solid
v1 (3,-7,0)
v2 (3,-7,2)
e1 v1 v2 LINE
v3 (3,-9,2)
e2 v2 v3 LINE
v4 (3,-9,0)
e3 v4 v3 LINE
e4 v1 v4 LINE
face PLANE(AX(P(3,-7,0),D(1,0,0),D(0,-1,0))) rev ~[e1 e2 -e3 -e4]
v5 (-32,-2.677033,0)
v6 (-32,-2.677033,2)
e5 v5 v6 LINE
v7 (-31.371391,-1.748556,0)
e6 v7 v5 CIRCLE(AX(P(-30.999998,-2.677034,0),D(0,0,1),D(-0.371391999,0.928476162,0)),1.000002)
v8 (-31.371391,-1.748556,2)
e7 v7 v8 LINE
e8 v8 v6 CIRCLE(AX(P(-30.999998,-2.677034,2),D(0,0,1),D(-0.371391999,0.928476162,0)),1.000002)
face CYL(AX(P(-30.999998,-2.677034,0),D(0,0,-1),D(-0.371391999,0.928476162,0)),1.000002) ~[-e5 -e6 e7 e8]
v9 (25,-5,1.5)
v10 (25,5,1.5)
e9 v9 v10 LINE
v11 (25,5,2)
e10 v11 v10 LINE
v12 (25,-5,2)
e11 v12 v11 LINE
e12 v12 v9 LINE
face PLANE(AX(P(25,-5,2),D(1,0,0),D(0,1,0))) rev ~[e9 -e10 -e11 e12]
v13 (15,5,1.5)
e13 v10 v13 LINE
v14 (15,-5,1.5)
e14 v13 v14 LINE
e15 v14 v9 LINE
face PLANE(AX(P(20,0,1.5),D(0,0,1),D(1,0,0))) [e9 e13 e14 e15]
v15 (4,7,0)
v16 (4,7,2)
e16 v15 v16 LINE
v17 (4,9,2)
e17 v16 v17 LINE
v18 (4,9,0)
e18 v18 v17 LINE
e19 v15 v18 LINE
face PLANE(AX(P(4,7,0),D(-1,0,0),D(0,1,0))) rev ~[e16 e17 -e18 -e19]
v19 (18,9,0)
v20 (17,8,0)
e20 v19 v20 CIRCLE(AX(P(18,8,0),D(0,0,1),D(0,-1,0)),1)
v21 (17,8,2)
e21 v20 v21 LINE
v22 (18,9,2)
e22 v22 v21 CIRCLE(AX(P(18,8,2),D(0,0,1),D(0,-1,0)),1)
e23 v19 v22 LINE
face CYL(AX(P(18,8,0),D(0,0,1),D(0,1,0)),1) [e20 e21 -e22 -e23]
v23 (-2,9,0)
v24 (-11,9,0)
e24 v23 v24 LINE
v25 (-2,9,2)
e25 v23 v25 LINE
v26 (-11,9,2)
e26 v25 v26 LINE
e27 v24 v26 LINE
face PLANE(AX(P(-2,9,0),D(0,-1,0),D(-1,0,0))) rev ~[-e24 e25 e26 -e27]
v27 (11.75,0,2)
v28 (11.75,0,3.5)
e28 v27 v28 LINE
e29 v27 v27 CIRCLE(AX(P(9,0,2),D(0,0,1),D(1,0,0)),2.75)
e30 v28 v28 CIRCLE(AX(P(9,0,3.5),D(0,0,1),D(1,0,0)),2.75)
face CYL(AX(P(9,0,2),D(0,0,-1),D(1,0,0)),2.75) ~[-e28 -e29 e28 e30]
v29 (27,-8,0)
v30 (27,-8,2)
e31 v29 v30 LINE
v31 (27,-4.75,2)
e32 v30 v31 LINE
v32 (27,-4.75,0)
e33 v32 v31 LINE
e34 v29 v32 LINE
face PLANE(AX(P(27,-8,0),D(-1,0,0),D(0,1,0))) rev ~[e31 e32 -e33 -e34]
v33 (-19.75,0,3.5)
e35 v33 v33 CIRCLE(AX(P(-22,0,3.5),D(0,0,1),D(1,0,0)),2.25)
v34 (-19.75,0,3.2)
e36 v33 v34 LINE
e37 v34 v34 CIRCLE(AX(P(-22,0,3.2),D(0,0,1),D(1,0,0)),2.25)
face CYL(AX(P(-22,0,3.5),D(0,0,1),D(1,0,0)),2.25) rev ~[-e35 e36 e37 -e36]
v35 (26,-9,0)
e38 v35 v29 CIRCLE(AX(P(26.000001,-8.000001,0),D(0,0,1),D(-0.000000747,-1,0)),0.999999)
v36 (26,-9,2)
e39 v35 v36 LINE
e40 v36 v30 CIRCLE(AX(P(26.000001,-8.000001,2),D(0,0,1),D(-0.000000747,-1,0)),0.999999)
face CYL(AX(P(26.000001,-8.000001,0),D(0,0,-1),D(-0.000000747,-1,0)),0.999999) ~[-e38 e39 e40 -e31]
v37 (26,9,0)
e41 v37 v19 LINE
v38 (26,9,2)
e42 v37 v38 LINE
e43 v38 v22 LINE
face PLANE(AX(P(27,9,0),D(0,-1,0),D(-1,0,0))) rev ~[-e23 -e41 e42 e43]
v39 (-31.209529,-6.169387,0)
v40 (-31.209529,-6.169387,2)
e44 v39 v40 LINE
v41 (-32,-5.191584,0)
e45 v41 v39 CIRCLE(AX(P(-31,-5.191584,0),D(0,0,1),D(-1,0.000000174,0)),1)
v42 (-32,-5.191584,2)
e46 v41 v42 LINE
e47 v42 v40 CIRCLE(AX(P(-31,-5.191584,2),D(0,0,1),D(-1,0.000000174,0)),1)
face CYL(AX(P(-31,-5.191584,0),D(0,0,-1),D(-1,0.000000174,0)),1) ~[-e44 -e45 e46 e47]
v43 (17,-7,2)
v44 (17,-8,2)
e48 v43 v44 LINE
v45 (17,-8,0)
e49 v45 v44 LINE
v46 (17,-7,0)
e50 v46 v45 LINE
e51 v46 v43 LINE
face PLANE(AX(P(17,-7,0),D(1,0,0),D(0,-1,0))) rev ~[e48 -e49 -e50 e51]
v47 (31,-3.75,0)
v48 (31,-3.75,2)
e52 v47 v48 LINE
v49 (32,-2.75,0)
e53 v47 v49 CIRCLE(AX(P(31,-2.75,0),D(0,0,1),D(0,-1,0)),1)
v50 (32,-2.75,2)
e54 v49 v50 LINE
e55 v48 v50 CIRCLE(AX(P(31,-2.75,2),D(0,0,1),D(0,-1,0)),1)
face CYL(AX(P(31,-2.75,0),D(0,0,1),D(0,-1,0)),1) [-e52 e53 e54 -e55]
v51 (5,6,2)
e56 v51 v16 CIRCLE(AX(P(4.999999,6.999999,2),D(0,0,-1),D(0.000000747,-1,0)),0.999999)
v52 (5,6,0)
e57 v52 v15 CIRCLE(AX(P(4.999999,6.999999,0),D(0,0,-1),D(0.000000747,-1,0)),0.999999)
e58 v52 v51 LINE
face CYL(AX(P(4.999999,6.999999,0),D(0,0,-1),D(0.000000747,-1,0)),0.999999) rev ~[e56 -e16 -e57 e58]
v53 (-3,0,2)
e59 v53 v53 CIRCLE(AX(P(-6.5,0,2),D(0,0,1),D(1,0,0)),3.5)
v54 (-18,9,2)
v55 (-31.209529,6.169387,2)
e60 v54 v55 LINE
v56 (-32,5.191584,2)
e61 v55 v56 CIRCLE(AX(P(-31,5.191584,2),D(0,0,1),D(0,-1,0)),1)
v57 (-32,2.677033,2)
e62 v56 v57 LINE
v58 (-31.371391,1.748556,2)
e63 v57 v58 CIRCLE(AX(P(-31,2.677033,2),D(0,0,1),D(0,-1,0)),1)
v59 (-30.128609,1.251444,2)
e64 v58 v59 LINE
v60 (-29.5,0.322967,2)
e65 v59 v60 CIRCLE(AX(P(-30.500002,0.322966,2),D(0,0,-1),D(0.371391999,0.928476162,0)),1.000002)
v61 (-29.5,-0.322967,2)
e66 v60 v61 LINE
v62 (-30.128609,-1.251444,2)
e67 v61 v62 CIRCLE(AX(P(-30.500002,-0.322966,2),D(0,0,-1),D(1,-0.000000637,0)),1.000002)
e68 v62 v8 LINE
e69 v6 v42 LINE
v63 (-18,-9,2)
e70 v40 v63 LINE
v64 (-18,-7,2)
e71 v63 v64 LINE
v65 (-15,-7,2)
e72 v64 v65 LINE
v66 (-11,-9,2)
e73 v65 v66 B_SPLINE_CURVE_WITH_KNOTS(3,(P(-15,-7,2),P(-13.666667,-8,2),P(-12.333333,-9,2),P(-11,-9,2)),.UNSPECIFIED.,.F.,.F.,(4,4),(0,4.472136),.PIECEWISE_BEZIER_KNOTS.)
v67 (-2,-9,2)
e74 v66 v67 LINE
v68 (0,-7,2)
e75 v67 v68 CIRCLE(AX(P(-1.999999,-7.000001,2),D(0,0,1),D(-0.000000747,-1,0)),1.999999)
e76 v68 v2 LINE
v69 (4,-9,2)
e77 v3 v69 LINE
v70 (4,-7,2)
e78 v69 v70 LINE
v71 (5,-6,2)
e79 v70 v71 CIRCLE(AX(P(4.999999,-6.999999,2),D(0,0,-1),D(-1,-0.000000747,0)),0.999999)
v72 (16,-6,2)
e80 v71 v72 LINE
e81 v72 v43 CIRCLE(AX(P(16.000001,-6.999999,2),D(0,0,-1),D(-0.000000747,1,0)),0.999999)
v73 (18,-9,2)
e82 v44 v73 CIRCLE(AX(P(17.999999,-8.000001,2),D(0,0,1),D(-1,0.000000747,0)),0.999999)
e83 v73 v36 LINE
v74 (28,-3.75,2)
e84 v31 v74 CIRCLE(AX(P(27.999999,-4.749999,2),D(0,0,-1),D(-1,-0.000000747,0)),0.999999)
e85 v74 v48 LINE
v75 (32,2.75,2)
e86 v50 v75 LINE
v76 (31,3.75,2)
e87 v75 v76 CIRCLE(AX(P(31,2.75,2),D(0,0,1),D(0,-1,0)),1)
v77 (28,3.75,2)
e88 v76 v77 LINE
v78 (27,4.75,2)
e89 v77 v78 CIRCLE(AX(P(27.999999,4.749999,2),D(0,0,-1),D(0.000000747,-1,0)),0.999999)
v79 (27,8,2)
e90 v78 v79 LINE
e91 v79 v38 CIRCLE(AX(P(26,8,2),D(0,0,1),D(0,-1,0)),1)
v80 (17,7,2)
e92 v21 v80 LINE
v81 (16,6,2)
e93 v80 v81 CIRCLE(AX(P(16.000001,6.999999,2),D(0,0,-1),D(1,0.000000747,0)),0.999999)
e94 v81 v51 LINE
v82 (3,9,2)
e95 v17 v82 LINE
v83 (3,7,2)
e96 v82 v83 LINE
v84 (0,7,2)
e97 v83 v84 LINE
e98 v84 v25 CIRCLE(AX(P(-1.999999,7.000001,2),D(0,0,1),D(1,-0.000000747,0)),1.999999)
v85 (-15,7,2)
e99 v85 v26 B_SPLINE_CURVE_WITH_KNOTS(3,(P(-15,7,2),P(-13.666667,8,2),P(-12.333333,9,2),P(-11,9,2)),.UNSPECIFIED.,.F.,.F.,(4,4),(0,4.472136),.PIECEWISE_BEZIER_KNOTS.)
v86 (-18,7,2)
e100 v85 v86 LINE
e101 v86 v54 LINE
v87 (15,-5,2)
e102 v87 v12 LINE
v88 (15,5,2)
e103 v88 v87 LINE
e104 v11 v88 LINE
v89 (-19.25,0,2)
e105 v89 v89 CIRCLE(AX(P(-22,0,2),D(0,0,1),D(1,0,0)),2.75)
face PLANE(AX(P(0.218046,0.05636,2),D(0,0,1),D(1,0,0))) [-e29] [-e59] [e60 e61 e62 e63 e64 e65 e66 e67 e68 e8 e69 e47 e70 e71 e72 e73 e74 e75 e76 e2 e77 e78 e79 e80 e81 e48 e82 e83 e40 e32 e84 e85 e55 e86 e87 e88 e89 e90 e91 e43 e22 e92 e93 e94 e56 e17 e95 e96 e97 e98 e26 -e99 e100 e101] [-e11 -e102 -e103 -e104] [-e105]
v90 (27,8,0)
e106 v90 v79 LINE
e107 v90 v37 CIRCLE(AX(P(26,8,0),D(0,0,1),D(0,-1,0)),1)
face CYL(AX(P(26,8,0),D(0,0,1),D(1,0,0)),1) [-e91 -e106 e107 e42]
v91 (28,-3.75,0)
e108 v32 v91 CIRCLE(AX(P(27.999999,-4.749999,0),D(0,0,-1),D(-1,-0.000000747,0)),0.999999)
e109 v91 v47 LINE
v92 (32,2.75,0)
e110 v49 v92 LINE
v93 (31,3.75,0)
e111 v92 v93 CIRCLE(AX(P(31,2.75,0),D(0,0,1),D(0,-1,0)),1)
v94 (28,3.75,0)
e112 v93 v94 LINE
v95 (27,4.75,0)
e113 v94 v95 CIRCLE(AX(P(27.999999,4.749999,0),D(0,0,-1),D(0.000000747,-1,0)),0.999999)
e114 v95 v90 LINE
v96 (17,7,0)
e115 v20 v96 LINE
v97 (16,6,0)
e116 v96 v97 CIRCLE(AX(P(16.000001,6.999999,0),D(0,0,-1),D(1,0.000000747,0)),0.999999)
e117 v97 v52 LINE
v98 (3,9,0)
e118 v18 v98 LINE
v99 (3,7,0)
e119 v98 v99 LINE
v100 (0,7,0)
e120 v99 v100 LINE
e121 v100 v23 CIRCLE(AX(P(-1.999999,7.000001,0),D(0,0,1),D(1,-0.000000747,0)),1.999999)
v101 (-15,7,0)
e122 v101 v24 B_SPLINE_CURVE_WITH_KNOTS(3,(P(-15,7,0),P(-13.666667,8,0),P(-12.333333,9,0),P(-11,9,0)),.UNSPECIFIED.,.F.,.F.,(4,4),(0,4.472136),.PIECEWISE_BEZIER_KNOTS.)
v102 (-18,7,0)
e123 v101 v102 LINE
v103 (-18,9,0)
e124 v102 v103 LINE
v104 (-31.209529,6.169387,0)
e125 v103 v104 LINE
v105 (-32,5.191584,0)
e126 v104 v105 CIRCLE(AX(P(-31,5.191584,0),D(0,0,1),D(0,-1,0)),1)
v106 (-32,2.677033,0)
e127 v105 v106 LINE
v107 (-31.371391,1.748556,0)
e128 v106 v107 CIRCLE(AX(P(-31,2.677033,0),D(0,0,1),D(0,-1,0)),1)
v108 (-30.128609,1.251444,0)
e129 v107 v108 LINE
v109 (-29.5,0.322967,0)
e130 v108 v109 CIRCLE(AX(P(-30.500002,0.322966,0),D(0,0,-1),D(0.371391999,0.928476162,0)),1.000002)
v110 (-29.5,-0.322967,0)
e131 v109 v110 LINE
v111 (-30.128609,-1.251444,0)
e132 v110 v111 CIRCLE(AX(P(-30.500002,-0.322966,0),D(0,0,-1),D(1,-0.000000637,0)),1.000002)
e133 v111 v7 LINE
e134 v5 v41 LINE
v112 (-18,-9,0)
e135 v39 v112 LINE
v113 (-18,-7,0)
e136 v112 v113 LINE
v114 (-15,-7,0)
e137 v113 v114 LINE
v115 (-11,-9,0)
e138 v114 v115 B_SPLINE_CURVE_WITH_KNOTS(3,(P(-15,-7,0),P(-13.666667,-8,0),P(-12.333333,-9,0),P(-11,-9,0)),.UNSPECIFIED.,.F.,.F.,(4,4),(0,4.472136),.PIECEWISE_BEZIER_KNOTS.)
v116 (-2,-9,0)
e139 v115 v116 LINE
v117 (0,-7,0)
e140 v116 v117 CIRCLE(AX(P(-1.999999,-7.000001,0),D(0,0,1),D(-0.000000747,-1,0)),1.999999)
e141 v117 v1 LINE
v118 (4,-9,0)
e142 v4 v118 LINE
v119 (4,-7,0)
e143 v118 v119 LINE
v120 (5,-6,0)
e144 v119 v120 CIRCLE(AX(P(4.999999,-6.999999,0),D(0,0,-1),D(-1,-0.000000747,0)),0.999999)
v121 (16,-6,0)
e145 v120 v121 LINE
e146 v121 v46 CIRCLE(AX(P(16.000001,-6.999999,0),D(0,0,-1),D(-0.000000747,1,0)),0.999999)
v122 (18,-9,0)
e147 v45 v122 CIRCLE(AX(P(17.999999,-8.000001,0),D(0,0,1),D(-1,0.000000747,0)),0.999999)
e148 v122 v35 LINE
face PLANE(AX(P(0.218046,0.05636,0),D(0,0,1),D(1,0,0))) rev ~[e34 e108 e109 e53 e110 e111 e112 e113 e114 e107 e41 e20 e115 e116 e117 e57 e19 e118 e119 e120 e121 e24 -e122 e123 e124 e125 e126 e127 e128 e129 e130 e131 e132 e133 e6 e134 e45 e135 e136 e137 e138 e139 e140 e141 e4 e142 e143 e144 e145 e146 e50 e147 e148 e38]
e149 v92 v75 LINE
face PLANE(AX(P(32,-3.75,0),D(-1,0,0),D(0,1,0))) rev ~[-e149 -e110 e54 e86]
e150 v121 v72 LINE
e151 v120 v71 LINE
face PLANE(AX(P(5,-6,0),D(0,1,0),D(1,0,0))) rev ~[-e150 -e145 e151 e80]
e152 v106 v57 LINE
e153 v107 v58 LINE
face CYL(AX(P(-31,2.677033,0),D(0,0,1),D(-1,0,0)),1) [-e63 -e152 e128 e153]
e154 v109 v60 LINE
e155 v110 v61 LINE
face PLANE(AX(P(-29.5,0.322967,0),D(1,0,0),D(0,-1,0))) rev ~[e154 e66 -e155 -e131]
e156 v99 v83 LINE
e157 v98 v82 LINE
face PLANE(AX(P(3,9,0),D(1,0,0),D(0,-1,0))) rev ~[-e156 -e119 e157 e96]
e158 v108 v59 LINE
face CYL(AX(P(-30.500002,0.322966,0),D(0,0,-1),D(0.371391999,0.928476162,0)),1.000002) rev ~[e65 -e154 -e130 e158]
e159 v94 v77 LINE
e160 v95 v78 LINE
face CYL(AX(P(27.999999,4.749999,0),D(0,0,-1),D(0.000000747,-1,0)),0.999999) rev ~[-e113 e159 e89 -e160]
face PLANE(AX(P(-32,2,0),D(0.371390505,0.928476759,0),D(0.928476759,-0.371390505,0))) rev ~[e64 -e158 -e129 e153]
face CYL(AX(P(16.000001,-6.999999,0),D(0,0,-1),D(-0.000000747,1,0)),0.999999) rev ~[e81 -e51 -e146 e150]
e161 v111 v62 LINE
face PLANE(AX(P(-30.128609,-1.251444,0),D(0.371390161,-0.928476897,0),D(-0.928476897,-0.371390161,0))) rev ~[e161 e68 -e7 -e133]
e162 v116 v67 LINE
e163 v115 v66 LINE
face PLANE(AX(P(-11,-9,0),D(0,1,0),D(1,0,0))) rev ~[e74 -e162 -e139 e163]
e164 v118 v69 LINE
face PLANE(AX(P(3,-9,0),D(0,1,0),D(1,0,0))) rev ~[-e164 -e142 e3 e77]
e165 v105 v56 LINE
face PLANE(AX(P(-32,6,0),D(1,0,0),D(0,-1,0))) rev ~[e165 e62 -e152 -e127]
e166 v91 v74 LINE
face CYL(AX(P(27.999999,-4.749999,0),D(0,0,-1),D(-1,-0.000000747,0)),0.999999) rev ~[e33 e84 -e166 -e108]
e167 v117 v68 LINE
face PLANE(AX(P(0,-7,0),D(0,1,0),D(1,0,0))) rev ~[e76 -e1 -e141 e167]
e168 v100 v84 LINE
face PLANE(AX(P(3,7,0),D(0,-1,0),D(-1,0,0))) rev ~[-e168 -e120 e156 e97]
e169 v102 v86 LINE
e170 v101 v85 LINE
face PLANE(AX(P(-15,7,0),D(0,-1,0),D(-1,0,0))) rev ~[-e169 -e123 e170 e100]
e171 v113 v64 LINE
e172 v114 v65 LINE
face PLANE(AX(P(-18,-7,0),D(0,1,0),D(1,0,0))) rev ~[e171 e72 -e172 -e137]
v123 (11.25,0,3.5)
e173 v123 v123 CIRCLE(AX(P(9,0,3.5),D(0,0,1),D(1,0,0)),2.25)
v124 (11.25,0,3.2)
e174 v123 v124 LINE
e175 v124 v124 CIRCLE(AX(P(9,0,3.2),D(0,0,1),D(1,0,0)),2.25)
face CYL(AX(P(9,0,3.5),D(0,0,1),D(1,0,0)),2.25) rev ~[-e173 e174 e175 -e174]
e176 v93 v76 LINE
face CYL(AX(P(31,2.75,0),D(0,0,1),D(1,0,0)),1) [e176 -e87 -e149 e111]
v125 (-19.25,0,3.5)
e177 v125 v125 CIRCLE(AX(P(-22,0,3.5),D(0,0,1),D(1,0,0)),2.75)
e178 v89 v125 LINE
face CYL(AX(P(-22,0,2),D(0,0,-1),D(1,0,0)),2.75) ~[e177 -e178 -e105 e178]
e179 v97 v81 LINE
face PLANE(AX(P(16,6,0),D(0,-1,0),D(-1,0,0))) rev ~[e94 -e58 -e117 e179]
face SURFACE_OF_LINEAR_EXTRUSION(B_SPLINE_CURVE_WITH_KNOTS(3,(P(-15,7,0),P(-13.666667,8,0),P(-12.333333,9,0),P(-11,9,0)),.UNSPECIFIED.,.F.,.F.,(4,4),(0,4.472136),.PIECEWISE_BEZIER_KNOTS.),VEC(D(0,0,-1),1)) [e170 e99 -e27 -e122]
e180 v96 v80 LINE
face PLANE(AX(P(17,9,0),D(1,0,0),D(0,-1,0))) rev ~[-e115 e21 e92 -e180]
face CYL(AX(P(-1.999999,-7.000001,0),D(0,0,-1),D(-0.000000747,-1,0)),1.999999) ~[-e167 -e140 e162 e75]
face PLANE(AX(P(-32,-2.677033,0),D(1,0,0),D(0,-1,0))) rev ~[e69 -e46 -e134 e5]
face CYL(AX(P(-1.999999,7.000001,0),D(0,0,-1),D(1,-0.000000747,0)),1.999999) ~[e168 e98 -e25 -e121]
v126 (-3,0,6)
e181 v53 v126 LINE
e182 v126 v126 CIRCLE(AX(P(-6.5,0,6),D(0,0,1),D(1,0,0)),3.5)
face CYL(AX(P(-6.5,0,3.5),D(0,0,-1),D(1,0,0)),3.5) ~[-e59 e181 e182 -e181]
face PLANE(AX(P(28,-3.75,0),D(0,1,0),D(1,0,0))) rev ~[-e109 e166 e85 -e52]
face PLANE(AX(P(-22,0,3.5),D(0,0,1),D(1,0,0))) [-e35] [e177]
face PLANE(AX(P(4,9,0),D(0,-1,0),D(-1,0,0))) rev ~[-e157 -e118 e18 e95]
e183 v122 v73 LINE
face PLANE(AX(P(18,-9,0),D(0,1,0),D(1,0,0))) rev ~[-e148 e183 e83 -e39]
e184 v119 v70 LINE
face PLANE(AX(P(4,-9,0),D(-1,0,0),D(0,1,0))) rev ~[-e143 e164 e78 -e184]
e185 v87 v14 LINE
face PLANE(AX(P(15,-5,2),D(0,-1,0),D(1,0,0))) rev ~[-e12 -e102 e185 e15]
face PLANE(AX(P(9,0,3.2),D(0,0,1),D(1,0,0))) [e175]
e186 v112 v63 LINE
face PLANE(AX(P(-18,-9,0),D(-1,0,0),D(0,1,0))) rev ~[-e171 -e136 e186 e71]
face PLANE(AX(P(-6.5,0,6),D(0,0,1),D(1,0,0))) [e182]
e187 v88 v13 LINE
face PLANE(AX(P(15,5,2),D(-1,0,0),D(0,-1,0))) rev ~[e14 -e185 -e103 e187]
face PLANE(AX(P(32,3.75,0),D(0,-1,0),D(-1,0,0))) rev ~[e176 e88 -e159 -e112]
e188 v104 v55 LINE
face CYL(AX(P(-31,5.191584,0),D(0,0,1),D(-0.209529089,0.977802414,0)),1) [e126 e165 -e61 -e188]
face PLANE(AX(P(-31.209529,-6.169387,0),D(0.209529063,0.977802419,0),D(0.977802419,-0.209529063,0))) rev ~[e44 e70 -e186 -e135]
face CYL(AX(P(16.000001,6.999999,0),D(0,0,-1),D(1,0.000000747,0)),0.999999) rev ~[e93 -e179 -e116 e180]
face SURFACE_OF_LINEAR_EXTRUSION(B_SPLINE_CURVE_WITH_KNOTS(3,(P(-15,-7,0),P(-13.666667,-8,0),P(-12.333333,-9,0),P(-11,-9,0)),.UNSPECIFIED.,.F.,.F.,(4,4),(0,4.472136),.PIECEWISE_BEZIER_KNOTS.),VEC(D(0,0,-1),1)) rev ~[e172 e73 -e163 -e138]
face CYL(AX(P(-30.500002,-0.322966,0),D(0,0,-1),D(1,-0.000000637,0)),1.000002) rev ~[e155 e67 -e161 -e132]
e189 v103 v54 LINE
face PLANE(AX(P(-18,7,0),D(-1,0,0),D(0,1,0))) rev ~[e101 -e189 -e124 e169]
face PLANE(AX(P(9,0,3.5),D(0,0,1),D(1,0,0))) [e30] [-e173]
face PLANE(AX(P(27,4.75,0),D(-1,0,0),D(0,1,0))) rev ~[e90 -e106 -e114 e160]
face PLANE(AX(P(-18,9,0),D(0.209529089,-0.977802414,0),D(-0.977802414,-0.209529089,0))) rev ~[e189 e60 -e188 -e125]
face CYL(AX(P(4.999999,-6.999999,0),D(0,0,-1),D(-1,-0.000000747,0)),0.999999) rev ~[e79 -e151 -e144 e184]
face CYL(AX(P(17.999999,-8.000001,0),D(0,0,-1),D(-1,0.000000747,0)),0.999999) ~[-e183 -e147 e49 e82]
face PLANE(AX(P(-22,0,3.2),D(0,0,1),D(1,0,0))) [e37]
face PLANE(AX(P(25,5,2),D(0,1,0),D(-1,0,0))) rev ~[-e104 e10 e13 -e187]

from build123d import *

# Parameters (mm, degrees)
F1_DEPTH  = 2
F2_R      = 1
F4_DEPTH  = 0.5
F5_R      = 2.75
F6_DEPTH  = 1.5
F7_R      = 2.25
F8_DEPTH  = 0.3
F9_R      = 3.5
F10_DEPTH = 2.5


with BuildPart() as f1:
    # F0 (on Top) → F1 (new body)
    with BuildSketch(Plane.XY):
        with BuildLine():
            Line((27, 4.75), (27, 9))
            Line((27, 9), (17, 9))
            Line((17, 9), (17, 7))
            ThreePointArc((17, 7), (16.707107, 6.292893), (16, 6))
            Line((16, 6), (5, 6))
            ThreePointArc((5, 6), (4.292893, 6.292893), (4, 7))
            Line((4, 7), (4, 9))
            Line((4, 9), (3, 9))
            Line((3, 9), (3, 7))
            Line((3, 7), (0, 7))
            ThreePointArc((0, 7), (-0.585786, 8.414214), (-2, 9))
            Line((-2, 9), (-11, 9))
            add(Edge.make_bspline(
                [(-15, 7), (-13.666667, 8), (-12.333333, 9), (-11, 9)],
                knots=[0, 0, 0, 0, 4.472136, 4.472136, 4.472136, 4.472136], degree=3))
            Line((-15, 7), (-18, 7))
            Line((-18, 7), (-18, 9))
            Line((-18, 9), (-32, 6))
            Line((-32, 6), (-32, 2))
            Line((-32, 2), (-30.128609, 1.251444))
            ThreePointArc((-30.128609, 1.251444), (-29.671933, 0.883596), (-29.5, 0.322967))
            Line((-29.5, 0.322967), (-29.5, 0))
            Line((-29.5, 0), (-29.5, -0.322967))
            ThreePointArc((-29.5, -0.322967), (-29.671933, -0.883596), (-30.128609, -1.251444))
            Line((-30.128609, -1.251444), (-31.371391, -1.748556))
            ThreePointArc((-31.371391, -1.748556), (-31.828067, -2.116404), (-32, -2.677033))
            Line((-32, -2.677033), (-32, -5.191584))
            ThreePointArc((-32, -5.191584), (-31.777666, -5.820262), (-31.209529, -6.169387))
            Line((-31.209529, -6.169387), (-18, -9))
            Line((-18, -9), (-18, -7))
            Line((-18, -7), (-15, -7))
            add(Edge.make_bspline(
                [(-15, -7), (-13.666667, -8), (-12.333333, -9), (-11, -9)],
                knots=[0, 0, 0, 0, 4.472136, 4.472136, 4.472136, 4.472136], degree=3))
            Line((-11, -9), (-2, -9))
            ThreePointArc((-2, -9), (-0.585786, -8.414214), (0, -7))
            Line((0, -7), (3, -7))
            Line((3, -7), (3, -9))
            Line((3, -9), (4, -9))
            Line((4, -9), (4, -7))
            ThreePointArc((4, -7), (4.292893, -6.292893), (5, -6))
            Line((5, -6), (16, -6))
            ThreePointArc((16, -6), (16.707107, -6.292893), (17, -7))
            Line((17, -7), (17, -8))
            ThreePointArc((17, -8), (17.292893, -8.707107), (18, -9))
            Line((18, -9), (26, -9))
            ThreePointArc((26, -9), (26.707107, -8.707107), (27, -8))
            Line((27, -8), (27, -4.75))
            ThreePointArc((27, -4.75), (27.292893, -4.042893), (28, -3.75))
            Line((28, -3.75), (32, -3.75))
            Line((32, -3.75), (32, 0))
            Line((32, 0), (32, 3.75))
            Line((32, 3.75), (28, 3.75))
            ThreePointArc((28, 3.75), (27.292893, 4.042893), (27, 4.75))
        make_face()
    extrude(amount=F1_DEPTH)

    # F2
    f2_edges = [f1.edges().sort_by_distance(p)[0] for p in [
        (-32, 2, 1),
        (-32, 6, 1),
        (27, 9, 1),
        (17, 9, 1),
        (32, -3.75, 1),
        (32, 3.75, 1),
    ]]
    fillet(f2_edges, radius=F2_R)

    # F3 (on face) → F4 (cut)
    with BuildSketch(Plane.XY.offset(2)):
        Polygon((25, -5), (25, 0), (25, 5), (15, 5), (15, -5), align=None)
    extrude(amount=-F4_DEPTH, mode=Mode.SUBTRACT)

    # F5 (on face) → F6 (join)
    with BuildSketch(Plane.XY.offset(2)):
        with BuildLine():
            ThreePointArc((6.25, 0), (9, -2.75), (11.75, 0))
            ThreePointArc((11.75, 0), (9, 2.75), (6.25, 0))
        make_face()
        with Locations((-22, 0)):
            Circle(F5_R)
        with BuildLine():
            ThreePointArc((-10, 0), (-6.5, -3.5), (-3, 0))
            ThreePointArc((-3, 0), (-6.5, 3.5), (-10, 0))
        make_face()
    extrude(amount=F6_DEPTH)

    # F7 (on face) → F8 (cut)
    with BuildSketch(Plane.XY.offset(3.5)):
        with Locations((9, 0)):
            Circle(F7_R)
        with Locations((-22, 0)):
            Circle(F7_R)
    extrude(amount=-F8_DEPTH, mode=Mode.SUBTRACT)

    # F9 (on face) → F10 (join)
    with BuildSketch(Plane.XY.offset(3.5)):
        with Locations((-6.5, 0)):
            Circle(F9_R)
    extrude(amount=F10_DEPTH)


solid = f1.part
